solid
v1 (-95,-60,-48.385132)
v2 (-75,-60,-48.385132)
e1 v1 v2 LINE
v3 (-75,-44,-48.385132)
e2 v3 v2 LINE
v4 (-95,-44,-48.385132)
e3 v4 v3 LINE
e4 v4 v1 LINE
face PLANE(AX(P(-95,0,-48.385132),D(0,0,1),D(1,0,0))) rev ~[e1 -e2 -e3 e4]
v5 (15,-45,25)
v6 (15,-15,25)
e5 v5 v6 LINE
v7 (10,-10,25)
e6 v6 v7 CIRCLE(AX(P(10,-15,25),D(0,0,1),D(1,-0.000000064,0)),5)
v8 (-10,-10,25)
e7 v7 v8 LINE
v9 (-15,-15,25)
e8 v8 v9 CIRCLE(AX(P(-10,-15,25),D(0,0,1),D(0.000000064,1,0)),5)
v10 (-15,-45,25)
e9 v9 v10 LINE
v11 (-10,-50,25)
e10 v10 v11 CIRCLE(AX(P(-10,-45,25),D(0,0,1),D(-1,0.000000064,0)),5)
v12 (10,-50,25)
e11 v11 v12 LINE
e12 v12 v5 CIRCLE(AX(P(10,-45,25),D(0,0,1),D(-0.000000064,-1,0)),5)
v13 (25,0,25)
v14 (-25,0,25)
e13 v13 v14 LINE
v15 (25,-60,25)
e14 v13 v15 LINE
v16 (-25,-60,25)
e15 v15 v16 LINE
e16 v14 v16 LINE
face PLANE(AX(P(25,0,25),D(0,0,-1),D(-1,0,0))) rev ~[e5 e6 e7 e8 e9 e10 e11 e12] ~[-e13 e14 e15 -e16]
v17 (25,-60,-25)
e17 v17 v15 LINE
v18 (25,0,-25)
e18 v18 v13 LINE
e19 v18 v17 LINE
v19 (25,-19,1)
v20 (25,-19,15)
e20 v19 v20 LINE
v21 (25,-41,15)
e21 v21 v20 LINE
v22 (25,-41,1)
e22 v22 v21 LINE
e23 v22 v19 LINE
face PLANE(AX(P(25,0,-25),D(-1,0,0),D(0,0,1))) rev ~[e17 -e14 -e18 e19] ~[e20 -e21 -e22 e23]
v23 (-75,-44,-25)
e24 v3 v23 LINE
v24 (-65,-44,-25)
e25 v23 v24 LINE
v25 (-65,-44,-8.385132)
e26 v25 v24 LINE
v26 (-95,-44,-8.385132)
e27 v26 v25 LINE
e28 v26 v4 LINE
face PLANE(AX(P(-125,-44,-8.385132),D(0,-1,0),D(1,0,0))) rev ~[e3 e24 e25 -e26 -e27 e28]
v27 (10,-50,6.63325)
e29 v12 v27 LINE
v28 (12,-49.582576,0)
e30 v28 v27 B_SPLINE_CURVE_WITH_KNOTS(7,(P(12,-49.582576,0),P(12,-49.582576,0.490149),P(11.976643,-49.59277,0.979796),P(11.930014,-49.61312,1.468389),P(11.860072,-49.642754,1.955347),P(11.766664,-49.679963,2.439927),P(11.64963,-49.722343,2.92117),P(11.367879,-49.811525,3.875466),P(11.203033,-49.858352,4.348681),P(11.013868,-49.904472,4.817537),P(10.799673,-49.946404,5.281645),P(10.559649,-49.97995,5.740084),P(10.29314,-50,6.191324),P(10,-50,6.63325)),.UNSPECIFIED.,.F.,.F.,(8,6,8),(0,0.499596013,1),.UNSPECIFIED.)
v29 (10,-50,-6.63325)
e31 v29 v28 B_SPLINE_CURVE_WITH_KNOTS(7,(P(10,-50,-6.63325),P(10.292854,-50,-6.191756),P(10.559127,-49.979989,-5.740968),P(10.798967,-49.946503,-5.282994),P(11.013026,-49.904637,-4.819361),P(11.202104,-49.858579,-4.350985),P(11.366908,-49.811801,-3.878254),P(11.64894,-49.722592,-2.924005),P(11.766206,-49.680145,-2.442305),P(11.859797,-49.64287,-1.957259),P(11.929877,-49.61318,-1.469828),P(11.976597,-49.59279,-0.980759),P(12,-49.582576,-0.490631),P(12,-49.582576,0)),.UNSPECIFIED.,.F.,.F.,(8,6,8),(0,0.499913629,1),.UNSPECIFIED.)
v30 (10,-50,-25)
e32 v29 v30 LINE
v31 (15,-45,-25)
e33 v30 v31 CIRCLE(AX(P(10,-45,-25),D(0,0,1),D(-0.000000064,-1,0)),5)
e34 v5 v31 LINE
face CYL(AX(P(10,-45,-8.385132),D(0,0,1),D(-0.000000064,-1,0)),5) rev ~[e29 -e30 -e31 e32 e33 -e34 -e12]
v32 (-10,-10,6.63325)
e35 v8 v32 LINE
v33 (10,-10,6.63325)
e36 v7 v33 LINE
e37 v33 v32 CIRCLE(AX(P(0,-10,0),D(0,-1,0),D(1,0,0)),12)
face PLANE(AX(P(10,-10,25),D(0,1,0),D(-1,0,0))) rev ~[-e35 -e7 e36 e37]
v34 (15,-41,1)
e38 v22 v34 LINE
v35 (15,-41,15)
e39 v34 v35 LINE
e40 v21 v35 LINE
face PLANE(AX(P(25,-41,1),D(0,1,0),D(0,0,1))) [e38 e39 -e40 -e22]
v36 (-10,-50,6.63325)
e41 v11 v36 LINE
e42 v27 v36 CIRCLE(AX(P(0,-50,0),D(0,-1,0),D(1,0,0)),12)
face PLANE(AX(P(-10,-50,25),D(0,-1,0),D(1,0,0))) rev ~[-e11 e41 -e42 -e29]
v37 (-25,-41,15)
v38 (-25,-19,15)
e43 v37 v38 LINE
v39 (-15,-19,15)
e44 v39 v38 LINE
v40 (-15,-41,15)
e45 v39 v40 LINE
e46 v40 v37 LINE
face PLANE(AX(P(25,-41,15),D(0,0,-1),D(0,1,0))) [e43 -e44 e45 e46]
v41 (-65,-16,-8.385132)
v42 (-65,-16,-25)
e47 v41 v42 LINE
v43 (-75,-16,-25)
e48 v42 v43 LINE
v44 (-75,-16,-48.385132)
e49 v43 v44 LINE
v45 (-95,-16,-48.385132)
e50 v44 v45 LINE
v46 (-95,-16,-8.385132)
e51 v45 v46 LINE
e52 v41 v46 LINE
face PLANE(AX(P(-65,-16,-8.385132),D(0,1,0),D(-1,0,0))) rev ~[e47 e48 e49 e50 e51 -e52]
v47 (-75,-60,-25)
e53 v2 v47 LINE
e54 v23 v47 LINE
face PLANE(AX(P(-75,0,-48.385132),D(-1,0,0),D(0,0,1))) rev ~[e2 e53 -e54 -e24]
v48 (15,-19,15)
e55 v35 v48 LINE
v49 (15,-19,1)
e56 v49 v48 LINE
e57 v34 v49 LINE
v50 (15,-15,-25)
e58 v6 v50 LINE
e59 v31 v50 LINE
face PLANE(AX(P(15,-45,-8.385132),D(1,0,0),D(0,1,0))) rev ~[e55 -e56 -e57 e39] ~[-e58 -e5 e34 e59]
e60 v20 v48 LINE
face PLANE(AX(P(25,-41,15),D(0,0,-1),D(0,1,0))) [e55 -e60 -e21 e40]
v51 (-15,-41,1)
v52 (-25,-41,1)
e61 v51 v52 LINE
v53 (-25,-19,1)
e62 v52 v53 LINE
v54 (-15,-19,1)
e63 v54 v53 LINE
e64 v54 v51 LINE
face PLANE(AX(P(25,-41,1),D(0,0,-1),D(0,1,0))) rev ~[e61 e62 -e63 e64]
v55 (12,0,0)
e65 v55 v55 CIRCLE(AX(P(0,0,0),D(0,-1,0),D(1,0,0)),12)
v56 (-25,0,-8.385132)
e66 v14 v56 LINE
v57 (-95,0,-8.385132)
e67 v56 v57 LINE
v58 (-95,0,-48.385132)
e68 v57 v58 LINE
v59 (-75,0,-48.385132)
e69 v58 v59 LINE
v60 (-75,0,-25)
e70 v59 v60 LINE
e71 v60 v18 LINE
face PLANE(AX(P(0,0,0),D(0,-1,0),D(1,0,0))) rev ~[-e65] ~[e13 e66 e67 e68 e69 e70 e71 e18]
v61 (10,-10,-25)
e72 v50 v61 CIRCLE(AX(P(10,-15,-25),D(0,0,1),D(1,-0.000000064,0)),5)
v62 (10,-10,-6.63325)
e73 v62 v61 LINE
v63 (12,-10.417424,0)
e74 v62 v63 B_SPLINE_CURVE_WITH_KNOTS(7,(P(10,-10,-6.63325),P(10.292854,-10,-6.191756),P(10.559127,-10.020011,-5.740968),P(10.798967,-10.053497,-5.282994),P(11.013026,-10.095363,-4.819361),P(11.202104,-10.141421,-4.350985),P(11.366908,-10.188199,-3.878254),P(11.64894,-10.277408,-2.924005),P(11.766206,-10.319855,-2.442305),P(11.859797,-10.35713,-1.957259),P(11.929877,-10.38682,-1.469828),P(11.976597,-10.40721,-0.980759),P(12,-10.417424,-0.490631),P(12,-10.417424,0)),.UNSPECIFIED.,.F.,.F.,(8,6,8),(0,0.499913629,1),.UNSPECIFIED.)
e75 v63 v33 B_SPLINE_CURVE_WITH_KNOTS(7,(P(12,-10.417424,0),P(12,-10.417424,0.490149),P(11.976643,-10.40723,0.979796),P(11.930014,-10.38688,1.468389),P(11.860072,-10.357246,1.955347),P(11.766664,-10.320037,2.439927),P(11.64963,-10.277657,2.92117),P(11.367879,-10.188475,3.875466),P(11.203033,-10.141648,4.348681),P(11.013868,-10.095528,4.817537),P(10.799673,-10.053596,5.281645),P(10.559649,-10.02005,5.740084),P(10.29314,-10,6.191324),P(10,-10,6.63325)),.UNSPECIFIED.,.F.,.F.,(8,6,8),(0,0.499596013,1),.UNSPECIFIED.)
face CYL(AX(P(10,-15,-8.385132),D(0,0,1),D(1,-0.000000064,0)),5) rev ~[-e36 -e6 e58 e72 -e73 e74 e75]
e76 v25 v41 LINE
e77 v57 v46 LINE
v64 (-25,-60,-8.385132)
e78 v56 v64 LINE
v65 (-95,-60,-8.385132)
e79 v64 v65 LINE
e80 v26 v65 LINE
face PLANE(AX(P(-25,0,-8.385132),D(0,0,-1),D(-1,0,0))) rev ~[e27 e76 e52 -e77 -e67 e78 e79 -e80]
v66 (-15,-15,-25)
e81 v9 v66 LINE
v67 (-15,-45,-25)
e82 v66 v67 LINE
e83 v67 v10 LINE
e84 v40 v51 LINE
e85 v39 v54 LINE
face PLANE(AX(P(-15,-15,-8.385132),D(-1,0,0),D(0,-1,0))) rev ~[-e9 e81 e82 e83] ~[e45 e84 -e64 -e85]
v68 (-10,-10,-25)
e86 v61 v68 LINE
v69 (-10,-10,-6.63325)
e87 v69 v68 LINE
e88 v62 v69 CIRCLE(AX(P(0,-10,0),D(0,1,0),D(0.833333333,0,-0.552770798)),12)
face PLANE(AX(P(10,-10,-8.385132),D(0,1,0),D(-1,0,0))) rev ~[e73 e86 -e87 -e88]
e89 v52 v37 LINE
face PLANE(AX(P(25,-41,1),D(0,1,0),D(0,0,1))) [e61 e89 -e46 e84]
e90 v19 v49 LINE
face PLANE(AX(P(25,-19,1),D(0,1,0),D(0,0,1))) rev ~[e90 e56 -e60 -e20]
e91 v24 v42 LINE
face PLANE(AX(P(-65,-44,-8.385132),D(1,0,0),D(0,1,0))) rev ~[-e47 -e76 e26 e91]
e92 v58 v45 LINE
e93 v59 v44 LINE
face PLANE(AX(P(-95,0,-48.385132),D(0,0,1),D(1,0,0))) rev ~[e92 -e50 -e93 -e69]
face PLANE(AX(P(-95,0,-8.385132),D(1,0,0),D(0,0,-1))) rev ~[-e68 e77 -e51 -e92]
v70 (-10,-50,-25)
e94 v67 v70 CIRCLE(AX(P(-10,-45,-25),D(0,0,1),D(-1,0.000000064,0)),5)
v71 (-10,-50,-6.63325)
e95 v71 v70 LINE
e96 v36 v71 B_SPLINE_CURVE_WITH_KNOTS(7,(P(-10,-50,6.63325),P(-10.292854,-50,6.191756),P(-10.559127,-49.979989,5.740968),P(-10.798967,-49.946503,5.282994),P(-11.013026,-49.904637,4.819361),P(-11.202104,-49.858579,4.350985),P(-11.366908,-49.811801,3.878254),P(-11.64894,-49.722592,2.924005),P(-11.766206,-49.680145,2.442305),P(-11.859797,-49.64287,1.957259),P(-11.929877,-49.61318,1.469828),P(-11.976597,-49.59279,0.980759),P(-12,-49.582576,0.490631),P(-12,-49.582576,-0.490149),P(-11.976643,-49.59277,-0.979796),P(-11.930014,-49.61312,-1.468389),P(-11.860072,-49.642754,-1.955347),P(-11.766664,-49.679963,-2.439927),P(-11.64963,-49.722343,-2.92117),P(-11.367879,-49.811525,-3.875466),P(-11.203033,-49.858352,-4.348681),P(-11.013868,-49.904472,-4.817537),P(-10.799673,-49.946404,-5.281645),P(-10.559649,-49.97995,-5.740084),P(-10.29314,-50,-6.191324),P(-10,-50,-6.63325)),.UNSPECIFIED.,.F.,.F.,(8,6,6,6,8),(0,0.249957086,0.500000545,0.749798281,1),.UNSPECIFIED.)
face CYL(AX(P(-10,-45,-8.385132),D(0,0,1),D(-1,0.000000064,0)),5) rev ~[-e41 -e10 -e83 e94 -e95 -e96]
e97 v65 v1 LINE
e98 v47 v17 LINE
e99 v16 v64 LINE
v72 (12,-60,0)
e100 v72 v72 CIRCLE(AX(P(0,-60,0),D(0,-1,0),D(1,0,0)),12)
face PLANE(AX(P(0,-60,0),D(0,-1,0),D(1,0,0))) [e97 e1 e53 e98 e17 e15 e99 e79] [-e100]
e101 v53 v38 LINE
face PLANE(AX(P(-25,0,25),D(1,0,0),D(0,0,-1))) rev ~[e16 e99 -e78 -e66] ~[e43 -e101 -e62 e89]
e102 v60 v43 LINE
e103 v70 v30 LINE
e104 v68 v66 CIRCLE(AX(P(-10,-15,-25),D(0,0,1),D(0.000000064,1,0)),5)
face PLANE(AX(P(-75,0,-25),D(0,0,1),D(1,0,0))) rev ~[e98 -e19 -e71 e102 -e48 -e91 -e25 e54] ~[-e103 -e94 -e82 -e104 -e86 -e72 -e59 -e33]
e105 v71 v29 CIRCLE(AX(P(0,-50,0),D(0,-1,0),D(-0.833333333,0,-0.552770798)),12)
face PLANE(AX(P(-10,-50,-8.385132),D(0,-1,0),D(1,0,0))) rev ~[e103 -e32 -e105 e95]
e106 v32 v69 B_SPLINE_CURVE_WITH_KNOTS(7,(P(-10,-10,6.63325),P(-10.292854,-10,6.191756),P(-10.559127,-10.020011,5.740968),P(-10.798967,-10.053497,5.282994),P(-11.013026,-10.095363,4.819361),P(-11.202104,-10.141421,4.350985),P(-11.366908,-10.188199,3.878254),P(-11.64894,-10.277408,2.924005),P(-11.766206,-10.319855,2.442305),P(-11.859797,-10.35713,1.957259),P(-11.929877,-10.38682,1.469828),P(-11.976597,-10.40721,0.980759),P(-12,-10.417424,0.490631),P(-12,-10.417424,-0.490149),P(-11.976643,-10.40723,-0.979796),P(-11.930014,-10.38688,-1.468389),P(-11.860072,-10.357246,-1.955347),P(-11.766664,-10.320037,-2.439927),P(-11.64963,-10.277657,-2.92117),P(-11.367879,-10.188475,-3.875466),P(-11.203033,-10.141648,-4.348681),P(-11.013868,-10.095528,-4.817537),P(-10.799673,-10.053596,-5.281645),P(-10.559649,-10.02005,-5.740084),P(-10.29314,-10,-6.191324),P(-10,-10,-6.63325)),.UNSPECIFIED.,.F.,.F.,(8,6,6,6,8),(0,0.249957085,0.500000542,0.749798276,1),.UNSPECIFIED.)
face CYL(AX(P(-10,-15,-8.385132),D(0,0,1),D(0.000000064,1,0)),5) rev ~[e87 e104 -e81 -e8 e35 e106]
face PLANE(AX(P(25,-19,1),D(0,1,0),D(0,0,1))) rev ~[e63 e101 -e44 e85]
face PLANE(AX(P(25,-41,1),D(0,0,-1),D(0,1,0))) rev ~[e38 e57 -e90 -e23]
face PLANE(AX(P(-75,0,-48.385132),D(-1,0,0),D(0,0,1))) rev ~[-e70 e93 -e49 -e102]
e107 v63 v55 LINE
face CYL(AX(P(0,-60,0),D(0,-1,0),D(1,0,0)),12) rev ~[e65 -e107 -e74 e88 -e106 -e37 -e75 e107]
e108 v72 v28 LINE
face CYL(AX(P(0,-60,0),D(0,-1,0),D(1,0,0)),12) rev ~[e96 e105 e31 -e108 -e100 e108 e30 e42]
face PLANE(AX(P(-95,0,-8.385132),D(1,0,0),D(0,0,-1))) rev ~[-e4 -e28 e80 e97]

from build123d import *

# Parameters (mm, degrees)
F1_DEPTH = 60
F2_R     = 12
F3_DEPTH = 60.001
F5_DEPTH = 40.001
F7_DEPTH = 73.386132
F8_W     = 22
F8_H     = 14
F9_DEPTH = 120.001


with BuildPart() as f1:
    # F0 (on Front) → F1 (new body)
    with BuildSketch(Plane.XZ):
        Polygon((-25, -8.385132), (-25, -25), (25, -25), (25, 25), (-25, 25), align=None)
        Polygon((-75, -25), (-25, -25), (-25, -8.385132), (-95, -8.385132), (-95, -48.385132), (-75, -48.385132), align=None)
    extrude(amount=F1_DEPTH)

    # F2 (on face) → F3 (cut, through all)
    with BuildSketch(Plane.XZ.offset(60)):
        Circle(F2_R)
    extrude(amount=-F3_DEPTH, mode=Mode.SUBTRACT)

    # F4 (on face) → F5 (cut, through all)
    with BuildSketch(Plane.XY.offset(-8.385132)):
        Polygon((-95, -44), (-65, -44), (-65, -16), (-125, -16), (-125, -44), align=None)
        with BuildLine():
            ThreePointArc((-15, -45), (-13.535534, -48.535534), (-10, -50))
            Line((-10, -50), (10, -50))
            ThreePointArc((10, -50), (13.535534, -48.535534), (15, -45))
            Line((15, -45), (15, -15))
            ThreePointArc((15, -15), (13.535534, -11.464466), (10, -10))
            Line((10, -10), (-10, -10))
            ThreePointArc((-10, -10), (-13.535534, -11.464466), (-15, -15))
            Line((-15, -15), (-15, -45))
        make_face()
    extrude(amount=-F5_DEPTH, mode=Mode.SUBTRACT)

    # F6 (on face) → F7 (cut, through all)
    with BuildSketch(Plane.XY.offset(25)):
        with BuildLine():
            ThreePointArc((-15, -45), (-13.535534, -48.535534), (-10, -50))
            Line((-10, -50), (10, -50))
            ThreePointArc((10, -50), (13.535534, -48.535534), (15, -45))
            Line((15, -45), (15, -15))
            ThreePointArc((15, -15), (13.535534, -11.464466), (10, -10))
            Line((10, -10), (-10, -10))
            ThreePointArc((-10, -10), (-13.535534, -11.464466), (-15, -15))
            Line((-15, -15), (-15, -45))
        make_face()
    extrude(amount=-F7_DEPTH, mode=Mode.SUBTRACT)

    # F8 (on face) → F9 (cut, through all)
    with BuildSketch(Plane.YZ.offset(25)):
        with Locations((-30, 8)):
            Rectangle(F8_W, F8_H)
    extrude(amount=-F9_DEPTH, mode=Mode.SUBTRACT)


solid = f1.part
